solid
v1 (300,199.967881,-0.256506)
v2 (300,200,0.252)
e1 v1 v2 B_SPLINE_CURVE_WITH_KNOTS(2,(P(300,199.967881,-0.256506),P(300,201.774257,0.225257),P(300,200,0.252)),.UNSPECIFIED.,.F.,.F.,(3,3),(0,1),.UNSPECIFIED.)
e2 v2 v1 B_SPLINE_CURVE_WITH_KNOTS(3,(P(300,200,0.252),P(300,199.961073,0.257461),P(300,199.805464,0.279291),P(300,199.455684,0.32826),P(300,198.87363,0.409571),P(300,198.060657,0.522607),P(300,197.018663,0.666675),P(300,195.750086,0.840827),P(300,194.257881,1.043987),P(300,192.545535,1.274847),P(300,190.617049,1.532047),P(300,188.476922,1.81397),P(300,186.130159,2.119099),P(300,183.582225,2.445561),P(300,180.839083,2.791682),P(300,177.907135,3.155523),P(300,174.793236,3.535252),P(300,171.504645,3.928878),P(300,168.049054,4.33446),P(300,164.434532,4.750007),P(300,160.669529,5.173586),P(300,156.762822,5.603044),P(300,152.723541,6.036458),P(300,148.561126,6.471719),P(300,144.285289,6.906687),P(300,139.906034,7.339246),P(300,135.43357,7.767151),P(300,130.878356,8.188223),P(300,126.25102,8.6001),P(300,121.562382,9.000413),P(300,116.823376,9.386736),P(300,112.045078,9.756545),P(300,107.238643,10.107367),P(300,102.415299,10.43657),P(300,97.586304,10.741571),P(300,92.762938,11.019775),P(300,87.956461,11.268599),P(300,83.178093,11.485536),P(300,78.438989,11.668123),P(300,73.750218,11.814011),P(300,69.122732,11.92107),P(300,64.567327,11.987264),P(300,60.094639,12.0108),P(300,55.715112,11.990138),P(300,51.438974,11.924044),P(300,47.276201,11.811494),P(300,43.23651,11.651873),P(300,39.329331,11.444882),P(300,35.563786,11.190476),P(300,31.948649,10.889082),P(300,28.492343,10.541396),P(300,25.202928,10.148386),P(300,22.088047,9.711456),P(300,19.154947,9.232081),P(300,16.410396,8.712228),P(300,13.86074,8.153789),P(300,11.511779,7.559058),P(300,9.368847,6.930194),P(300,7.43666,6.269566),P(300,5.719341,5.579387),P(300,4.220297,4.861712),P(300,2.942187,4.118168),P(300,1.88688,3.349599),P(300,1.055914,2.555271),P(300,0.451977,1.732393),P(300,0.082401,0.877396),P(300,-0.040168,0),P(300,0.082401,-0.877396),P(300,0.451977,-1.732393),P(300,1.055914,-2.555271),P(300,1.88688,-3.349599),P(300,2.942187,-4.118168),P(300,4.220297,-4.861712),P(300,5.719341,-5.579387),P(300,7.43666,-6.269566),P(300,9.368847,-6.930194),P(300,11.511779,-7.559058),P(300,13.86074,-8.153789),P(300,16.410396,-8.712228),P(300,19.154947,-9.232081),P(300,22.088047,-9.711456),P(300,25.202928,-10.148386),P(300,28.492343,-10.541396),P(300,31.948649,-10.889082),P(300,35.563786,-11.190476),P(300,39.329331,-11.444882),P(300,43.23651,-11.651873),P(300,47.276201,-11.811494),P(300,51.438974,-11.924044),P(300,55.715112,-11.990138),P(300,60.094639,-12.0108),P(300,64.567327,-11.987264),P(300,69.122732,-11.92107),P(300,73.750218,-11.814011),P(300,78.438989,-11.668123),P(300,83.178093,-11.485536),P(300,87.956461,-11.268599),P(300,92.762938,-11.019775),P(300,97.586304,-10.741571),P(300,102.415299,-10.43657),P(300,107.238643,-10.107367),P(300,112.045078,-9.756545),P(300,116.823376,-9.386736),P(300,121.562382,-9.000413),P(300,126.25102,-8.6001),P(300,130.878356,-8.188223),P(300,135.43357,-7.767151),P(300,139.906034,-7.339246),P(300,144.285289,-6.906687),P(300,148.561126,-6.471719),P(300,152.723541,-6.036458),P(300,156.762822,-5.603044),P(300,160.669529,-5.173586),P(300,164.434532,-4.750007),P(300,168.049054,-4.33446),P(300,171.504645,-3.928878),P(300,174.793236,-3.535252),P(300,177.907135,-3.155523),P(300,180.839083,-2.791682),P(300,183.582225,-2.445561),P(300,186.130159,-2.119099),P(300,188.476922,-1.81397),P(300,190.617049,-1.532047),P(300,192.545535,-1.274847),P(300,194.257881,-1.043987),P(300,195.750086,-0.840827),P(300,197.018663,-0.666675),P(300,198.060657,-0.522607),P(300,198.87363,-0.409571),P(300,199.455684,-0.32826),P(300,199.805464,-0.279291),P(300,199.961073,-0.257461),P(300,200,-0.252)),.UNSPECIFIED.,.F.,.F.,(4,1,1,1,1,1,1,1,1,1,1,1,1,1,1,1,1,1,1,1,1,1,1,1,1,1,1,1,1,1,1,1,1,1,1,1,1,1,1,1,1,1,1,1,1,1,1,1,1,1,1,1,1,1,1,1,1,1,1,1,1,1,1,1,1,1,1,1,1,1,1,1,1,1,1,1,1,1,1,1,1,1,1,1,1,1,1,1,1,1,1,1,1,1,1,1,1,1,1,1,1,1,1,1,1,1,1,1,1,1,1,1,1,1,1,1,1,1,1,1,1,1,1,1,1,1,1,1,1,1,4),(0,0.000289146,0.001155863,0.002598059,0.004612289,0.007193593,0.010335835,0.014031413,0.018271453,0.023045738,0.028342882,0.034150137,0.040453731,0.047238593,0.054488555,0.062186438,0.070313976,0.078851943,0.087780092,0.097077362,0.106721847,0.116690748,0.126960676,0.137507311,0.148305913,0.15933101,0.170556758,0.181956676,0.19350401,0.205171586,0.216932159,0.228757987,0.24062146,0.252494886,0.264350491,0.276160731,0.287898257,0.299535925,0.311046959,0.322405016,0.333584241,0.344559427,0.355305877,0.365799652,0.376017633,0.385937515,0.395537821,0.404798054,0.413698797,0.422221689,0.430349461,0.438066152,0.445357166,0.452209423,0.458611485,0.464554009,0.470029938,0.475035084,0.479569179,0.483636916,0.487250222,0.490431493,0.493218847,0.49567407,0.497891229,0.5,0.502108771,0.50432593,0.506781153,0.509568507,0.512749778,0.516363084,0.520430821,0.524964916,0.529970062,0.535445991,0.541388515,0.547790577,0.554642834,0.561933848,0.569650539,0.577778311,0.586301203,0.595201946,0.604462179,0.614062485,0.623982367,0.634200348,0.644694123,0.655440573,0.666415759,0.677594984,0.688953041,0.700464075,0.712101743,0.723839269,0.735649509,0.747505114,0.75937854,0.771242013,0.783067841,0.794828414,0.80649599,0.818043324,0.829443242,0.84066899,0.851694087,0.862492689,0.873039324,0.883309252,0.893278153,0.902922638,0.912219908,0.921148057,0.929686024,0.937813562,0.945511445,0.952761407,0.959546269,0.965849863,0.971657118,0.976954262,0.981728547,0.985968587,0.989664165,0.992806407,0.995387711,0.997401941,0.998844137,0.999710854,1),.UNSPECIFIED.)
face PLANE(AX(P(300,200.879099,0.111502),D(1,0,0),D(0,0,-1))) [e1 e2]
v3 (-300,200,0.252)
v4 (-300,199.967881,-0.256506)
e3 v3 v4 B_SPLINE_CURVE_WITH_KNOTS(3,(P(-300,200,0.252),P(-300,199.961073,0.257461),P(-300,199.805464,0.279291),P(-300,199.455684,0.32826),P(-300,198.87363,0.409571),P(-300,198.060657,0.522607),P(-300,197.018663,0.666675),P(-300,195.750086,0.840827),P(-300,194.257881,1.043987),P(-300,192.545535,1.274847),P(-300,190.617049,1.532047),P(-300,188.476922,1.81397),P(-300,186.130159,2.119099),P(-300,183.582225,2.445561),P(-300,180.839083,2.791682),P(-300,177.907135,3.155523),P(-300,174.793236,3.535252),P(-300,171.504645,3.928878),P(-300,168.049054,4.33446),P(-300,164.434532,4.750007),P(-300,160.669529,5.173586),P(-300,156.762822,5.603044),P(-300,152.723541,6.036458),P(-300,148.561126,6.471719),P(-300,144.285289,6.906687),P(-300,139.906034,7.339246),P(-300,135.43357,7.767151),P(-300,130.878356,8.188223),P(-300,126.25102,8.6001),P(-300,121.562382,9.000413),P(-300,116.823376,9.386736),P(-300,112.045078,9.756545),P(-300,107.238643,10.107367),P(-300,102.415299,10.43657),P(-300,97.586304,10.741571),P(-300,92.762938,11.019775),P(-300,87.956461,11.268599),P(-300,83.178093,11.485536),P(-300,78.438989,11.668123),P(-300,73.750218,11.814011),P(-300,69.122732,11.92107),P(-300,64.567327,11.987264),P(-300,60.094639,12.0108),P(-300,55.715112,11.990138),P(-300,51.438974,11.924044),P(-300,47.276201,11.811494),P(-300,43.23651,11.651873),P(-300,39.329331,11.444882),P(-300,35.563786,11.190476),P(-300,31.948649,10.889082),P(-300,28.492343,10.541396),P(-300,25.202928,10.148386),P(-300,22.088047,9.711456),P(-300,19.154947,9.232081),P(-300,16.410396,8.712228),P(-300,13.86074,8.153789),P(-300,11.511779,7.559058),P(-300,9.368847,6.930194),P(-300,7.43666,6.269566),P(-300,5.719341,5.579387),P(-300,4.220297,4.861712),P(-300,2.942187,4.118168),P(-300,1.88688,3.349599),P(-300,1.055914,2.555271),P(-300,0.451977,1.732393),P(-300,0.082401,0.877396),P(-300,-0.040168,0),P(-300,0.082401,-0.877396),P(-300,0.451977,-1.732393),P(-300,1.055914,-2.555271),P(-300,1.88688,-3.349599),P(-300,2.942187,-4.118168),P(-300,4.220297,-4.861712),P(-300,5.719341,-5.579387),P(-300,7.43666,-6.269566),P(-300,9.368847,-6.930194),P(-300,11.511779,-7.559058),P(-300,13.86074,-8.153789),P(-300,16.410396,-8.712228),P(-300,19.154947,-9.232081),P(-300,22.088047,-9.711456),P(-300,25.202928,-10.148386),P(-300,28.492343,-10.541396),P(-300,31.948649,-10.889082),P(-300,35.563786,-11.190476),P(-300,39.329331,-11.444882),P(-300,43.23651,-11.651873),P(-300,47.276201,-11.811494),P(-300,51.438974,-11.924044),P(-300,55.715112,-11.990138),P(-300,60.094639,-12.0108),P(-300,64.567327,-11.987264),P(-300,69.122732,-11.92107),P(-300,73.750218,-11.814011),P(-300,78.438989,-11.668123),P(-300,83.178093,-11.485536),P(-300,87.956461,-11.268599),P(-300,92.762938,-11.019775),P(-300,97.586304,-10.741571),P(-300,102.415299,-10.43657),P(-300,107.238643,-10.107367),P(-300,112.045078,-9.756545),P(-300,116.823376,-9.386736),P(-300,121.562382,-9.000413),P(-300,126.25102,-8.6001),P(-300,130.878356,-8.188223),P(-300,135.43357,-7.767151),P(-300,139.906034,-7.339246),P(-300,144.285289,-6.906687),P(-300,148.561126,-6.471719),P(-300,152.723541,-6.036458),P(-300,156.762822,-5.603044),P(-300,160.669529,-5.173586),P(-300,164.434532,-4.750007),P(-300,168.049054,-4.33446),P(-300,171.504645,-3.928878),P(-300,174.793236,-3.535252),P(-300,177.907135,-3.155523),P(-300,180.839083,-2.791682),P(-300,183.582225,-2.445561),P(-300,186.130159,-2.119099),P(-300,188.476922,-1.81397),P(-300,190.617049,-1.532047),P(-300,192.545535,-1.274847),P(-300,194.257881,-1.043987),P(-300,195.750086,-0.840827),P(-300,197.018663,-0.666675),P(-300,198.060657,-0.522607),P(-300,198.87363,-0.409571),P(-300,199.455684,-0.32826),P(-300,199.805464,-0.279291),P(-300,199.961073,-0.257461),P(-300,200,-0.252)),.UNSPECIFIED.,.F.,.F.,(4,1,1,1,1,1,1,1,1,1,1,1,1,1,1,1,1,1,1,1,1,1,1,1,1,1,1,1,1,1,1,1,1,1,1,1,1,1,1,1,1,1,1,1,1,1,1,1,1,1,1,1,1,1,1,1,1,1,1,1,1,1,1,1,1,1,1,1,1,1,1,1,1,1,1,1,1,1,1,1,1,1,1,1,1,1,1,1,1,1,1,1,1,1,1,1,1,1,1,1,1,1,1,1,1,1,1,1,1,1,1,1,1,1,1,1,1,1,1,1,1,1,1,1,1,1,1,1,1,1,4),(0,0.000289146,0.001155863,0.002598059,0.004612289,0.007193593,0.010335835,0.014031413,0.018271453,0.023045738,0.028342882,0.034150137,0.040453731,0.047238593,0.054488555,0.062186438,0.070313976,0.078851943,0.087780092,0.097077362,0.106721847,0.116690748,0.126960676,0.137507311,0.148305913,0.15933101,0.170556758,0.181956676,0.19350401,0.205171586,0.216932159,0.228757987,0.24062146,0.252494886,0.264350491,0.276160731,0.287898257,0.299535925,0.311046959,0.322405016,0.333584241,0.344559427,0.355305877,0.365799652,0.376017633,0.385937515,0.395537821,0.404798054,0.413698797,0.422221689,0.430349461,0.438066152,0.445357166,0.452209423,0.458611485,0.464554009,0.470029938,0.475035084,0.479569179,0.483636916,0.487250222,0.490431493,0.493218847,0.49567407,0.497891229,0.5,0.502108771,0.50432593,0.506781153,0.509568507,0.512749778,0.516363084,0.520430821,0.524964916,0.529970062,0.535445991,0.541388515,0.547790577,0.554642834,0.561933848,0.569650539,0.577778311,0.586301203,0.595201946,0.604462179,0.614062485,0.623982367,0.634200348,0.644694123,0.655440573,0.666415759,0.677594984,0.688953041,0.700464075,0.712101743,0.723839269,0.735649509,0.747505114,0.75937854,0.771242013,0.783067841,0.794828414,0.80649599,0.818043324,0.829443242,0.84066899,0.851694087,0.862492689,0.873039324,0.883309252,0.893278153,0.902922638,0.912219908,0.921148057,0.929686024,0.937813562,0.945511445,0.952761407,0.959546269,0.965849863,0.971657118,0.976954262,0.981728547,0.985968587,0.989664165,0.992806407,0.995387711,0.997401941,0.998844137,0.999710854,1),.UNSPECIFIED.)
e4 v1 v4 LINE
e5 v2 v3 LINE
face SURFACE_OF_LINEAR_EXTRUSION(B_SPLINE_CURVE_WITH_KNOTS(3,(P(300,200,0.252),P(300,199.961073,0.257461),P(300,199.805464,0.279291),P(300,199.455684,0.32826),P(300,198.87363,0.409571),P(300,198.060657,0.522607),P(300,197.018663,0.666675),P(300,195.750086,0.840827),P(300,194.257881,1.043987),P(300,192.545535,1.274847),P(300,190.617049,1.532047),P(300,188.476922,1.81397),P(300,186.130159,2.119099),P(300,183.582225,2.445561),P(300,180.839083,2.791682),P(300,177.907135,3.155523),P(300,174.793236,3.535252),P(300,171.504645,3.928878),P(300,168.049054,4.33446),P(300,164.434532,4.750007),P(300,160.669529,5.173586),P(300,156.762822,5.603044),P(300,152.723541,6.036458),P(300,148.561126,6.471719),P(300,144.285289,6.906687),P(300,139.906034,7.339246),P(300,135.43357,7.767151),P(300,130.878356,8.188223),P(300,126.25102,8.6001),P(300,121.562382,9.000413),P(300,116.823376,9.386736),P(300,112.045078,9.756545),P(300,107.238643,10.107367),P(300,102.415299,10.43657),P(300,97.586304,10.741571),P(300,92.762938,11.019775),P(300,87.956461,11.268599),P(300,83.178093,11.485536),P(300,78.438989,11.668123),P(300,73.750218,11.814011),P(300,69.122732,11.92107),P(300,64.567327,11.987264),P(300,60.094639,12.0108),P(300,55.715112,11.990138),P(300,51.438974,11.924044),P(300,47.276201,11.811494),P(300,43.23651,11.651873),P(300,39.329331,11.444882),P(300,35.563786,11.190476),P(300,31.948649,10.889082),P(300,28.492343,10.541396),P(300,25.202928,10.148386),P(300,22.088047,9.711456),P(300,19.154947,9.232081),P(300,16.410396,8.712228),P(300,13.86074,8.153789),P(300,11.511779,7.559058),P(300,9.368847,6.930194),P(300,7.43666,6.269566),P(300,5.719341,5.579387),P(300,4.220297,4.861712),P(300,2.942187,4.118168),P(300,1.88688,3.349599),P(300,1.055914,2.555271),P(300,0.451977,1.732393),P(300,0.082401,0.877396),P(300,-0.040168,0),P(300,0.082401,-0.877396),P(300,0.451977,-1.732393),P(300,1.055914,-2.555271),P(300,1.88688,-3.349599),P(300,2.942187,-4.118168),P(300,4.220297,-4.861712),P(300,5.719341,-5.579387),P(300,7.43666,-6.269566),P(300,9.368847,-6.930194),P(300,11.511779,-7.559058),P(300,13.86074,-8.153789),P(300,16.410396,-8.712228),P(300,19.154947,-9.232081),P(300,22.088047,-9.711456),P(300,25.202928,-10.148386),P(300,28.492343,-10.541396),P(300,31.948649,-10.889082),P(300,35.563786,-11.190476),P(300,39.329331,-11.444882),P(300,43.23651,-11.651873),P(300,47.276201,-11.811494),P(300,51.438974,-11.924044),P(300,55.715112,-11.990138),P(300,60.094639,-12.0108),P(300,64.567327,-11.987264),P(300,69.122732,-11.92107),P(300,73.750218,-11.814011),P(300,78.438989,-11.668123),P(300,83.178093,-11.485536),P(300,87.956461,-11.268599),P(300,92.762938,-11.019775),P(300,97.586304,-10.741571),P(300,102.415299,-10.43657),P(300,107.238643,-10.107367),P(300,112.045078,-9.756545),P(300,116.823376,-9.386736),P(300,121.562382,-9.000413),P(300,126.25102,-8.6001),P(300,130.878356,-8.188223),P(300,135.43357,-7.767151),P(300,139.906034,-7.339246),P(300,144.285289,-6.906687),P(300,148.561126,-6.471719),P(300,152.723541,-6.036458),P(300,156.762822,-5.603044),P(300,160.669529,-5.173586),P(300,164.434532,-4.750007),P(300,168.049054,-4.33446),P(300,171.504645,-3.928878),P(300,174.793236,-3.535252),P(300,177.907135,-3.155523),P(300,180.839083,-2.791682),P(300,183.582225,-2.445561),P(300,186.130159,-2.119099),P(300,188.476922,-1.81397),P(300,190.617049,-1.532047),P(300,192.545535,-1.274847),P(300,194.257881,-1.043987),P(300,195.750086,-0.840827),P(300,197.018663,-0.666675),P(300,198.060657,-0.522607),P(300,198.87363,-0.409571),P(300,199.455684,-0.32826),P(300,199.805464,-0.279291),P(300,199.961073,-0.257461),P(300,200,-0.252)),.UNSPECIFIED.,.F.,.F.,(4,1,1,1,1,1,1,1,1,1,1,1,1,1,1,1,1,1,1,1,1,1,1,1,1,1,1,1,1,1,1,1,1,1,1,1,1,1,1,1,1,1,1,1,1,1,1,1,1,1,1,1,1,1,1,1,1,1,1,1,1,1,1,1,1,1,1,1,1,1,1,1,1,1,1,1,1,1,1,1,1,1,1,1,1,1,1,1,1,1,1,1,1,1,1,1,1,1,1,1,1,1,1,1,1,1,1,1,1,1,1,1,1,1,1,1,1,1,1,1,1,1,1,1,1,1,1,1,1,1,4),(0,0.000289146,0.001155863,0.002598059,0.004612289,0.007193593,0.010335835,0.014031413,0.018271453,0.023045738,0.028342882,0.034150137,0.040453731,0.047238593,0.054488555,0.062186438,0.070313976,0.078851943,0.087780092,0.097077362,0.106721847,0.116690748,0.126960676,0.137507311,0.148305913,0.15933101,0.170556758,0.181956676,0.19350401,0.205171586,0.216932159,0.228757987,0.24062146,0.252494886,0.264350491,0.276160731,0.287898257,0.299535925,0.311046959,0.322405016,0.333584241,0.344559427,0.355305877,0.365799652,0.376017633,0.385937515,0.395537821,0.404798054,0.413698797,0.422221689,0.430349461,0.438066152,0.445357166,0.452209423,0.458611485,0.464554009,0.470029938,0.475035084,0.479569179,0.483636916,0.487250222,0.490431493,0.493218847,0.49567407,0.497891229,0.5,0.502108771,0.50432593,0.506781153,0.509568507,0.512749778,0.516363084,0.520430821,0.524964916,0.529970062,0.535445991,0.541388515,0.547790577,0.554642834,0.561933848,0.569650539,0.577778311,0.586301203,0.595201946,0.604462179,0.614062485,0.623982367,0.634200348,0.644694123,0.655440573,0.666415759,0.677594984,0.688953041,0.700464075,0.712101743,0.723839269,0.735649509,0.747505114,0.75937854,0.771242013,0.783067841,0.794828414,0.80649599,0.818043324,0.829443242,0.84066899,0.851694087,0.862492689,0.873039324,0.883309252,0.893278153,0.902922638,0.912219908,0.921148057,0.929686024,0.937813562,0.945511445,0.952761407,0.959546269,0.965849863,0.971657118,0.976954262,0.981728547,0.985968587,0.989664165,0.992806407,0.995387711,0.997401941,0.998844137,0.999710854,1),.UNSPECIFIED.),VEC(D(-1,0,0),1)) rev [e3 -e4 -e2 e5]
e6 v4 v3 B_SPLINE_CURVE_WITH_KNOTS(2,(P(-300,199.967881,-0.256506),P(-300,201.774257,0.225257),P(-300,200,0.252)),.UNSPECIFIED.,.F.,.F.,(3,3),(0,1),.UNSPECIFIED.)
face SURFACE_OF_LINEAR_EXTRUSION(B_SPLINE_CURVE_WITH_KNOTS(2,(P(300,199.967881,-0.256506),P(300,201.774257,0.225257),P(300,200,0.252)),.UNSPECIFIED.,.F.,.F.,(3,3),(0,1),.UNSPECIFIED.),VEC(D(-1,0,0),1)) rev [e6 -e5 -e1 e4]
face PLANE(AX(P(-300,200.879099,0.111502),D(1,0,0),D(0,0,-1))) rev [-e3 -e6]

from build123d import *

# Parameters (mm, degrees)
BOSS_EXTRUDE1_DEPTH = 300


with BuildPart() as part:
    # Sketch1 → Boss-Extrude1 (new, symmetric)
    with BuildSketch(Plane(origin=(0, 0, 0), x_dir=(0, 0, -1), z_dir=(1, 0, 0))):
        with BuildLine():
            add(Edge.make_bspline(
                [(-0.252, 200), (-0.257460922, 199.961073463), (-0.279290996, 199.805464344), (-0.328259606, 199.455684465), (-0.409571381, 198.873630391), (-0.522607427, 198.060656684), (-0.666674539, 197.018663067), (-0.840827462, 195.750085835), (-1.043986935, 194.257880939), (-1.274847204, 192.54553529), (-1.532047465, 190.617049053), (-1.81396954, 188.476922374), (-2.119099046, 186.130159115), (-2.445561136, 183.582224803), (-2.791681726, 180.839083114), (-3.155523376, 177.907134899), (-3.53525219, 174.793235845), (-3.928877563, 171.504645491), (-4.334460036, 168.049053798), (-4.75000692, 164.434531839), (-5.173585811, 160.669528567), (-5.603044362, 156.762822363), (-6.189421915, 151.297968251), (-6.769451494, 145.674666781), (-7.339246363, 139.906034431), (-7.767150969, 135.433569916), (-8.18822316, 130.878355808), (-8.600099975, 126.251019671), (-9.000413005, 121.562382137), (-9.386736019, 116.823376232), (-9.756545405, 112.045077583), (-10.107366585, 107.238642718), (-10.436569886, 102.415298653), (-10.741570584, 97.586304435), (-11.019775226, 92.762937532), (-11.268599224, 87.956461019), (-11.48553584, 83.178092736), (-11.668122801, 78.43898852), (-11.814011054, 73.750217962), (-11.921069781, 69.122732447), (-11.987263909, 64.56732733), (-12.010799843, 60.094639338), (-11.990138463, 55.715111858), (-11.924044272, 51.438973701), (-11.811494111, 47.276201456), (-11.65187296, 43.23650984), (-11.44488242, 39.329330537), (-11.190476244, 35.563786307), (-10.889081571, 31.948649394), (-10.541395571, 28.492343472), (-10.148385676, 25.202927941), (-9.71145572, 22.08804748), (-9.232080753, 19.15494712), (-8.712228122, 16.410396339), (-8.153789255, 13.860739764), (-7.559058219, 11.511779461), (-6.930194054, 9.368847434), (-6.269566015, 7.4366599), (-5.57938734, 5.719340858), (-4.861712359, 4.220297265), (-4.118167887, 2.942186956), (-3.349598732, 1.886880457), (-2.555270558, 1.055914351), (-1.732393358, 0.451977281), (-0.877395637, 0.082400539), (0, -0.040167982), (0.877395637, 0.082400539), (1.732393358, 0.451977281), (2.555270558, 1.055914351), (3.349598732, 1.886880457), (4.118167887, 2.942186956), (4.861712359, 4.220297265), (5.57938734, 5.719340858), (6.269566015, 7.4366599), (6.930194054, 9.368847434), (7.559058219, 11.511779461), (8.153789255, 13.860739764), (8.712228122, 16.410396339), (9.232080753, 19.15494712), (9.71145572, 22.08804748), (10.148385676, 25.202927941), (10.541395571, 28.492343472), (10.889081571, 31.948649394), (11.190476244, 35.563786307), (11.44488242, 39.329330537), (11.65187296, 43.23650984), (11.811494111, 47.276201456), (11.924044272, 51.438973701), (11.990138463, 55.715111858), (12.010799843, 60.094639338), (11.987263909, 64.56732733), (11.921069781, 69.122732447), (11.814011054, 73.750217962), (11.668122801, 78.43898852), (11.48553584, 83.178092736), (11.268599224, 87.956461019), (11.019775226, 92.762937532), (10.741570584, 97.586304435), (10.436569886, 102.415298653), (10.107366585, 107.238642718), (9.756545405, 112.045077583), (9.386736019, 116.823376232), (9.000413005, 121.562382137), (8.600099975, 126.251019671), (8.18822316, 130.878355808), (7.632027992, 136.895347985), (6.923236247, 144.183773033), (6.189421915, 151.297968251), (5.603044362, 156.762822363), (5.173585811, 160.669528567), (4.75000692, 164.434531839), (4.334460036, 168.049053798), (3.928877563, 171.504645491), (3.53525219, 174.793235845), (3.155523376, 177.907134899), (2.791681726, 180.839083114), (2.445561136, 183.582224803), (2.119099046, 186.130159115), (1.81396954, 188.476922374), (1.532047465, 190.617049053), (1.274847204, 192.54553529), (1.043986935, 194.257880939), (0.840827462, 195.750085835), (0.666674539, 197.018663067), (0.522607427, 198.060656684), (0.409571381, 198.873630391), (0.328259606, 199.455684465), (0.280789904, 199.794757736), (0.260464608, 199.939661068), (0.256505786, 199.967881445)],
                knots=[0, 0, 0, 0, 0.000289146, 0.001155863, 0.002598059, 0.004612289, 0.007193593, 0.010335835, 0.014031413, 0.018271453, 0.023045738, 0.028342882, 0.034150137, 0.040453731, 0.047238593, 0.054488555, 0.062186438, 0.070313976, 0.078851943, 0.087780092, 0.097077362, 0.106721847, 0.116690748, 0.137507311, 0.148305913, 0.15933101, 0.170556758, 0.181956676, 0.19350401, 0.205171586, 0.216932159, 0.228757987, 0.24062146, 0.252494886, 0.264350491, 0.276160731, 0.287898257, 0.299535925, 0.311046959, 0.322405016, 0.333584241, 0.344559427, 0.355305877, 0.365799652, 0.376017633, 0.385937515, 0.395537821, 0.404798054, 0.413698797, 0.422221689, 0.430349461, 0.438066152, 0.445357166, 0.452209423, 0.458611485, 0.464554009, 0.470029938, 0.475035084, 0.479569179, 0.483636916, 0.487250222, 0.490431493, 0.493218847, 0.49567407, 0.497891229, 0.5, 0.502108771, 0.50432593, 0.506781153, 0.509568507, 0.512749778, 0.516363084, 0.520430821, 0.524964916, 0.529970062, 0.535445991, 0.541388515, 0.547790577, 0.554642834, 0.561933848, 0.569650539, 0.577778311, 0.586301203, 0.595201946, 0.604462179, 0.614062485, 0.623982367, 0.634200348, 0.644694123, 0.655440573, 0.666415759, 0.677594984, 0.688953041, 0.700464075, 0.712101743, 0.723839269, 0.735649509, 0.747505114, 0.75937854, 0.771242013, 0.783067841, 0.794828414, 0.80649599, 0.818043324, 0.829443242, 0.84066899, 0.862492689, 0.883309252, 0.893278153, 0.902922638, 0.912219908, 0.921148057, 0.929686024, 0.937813562, 0.945511445, 0.952761407, 0.959546269, 0.965849863, 0.971657118, 0.976954262, 0.981728547, 0.985968587, 0.989664165, 0.992806407, 0.995387711, 0.997401941, 0.998844137, 0.999710854, 0.999920475, 0.999920475, 0.999920475, 0.999920475], degree=3))
            add(Edge.make_bspline(
                [(-0.252, 200), (-0.225257482, 201.774256733), (0.256505786, 199.967881445)],
                knots=[0, 0, 0, 1, 1, 1], degree=2))
        make_face()
    extrude(amount=BOSS_EXTRUDE1_DEPTH, both=True)


solid = part.part
